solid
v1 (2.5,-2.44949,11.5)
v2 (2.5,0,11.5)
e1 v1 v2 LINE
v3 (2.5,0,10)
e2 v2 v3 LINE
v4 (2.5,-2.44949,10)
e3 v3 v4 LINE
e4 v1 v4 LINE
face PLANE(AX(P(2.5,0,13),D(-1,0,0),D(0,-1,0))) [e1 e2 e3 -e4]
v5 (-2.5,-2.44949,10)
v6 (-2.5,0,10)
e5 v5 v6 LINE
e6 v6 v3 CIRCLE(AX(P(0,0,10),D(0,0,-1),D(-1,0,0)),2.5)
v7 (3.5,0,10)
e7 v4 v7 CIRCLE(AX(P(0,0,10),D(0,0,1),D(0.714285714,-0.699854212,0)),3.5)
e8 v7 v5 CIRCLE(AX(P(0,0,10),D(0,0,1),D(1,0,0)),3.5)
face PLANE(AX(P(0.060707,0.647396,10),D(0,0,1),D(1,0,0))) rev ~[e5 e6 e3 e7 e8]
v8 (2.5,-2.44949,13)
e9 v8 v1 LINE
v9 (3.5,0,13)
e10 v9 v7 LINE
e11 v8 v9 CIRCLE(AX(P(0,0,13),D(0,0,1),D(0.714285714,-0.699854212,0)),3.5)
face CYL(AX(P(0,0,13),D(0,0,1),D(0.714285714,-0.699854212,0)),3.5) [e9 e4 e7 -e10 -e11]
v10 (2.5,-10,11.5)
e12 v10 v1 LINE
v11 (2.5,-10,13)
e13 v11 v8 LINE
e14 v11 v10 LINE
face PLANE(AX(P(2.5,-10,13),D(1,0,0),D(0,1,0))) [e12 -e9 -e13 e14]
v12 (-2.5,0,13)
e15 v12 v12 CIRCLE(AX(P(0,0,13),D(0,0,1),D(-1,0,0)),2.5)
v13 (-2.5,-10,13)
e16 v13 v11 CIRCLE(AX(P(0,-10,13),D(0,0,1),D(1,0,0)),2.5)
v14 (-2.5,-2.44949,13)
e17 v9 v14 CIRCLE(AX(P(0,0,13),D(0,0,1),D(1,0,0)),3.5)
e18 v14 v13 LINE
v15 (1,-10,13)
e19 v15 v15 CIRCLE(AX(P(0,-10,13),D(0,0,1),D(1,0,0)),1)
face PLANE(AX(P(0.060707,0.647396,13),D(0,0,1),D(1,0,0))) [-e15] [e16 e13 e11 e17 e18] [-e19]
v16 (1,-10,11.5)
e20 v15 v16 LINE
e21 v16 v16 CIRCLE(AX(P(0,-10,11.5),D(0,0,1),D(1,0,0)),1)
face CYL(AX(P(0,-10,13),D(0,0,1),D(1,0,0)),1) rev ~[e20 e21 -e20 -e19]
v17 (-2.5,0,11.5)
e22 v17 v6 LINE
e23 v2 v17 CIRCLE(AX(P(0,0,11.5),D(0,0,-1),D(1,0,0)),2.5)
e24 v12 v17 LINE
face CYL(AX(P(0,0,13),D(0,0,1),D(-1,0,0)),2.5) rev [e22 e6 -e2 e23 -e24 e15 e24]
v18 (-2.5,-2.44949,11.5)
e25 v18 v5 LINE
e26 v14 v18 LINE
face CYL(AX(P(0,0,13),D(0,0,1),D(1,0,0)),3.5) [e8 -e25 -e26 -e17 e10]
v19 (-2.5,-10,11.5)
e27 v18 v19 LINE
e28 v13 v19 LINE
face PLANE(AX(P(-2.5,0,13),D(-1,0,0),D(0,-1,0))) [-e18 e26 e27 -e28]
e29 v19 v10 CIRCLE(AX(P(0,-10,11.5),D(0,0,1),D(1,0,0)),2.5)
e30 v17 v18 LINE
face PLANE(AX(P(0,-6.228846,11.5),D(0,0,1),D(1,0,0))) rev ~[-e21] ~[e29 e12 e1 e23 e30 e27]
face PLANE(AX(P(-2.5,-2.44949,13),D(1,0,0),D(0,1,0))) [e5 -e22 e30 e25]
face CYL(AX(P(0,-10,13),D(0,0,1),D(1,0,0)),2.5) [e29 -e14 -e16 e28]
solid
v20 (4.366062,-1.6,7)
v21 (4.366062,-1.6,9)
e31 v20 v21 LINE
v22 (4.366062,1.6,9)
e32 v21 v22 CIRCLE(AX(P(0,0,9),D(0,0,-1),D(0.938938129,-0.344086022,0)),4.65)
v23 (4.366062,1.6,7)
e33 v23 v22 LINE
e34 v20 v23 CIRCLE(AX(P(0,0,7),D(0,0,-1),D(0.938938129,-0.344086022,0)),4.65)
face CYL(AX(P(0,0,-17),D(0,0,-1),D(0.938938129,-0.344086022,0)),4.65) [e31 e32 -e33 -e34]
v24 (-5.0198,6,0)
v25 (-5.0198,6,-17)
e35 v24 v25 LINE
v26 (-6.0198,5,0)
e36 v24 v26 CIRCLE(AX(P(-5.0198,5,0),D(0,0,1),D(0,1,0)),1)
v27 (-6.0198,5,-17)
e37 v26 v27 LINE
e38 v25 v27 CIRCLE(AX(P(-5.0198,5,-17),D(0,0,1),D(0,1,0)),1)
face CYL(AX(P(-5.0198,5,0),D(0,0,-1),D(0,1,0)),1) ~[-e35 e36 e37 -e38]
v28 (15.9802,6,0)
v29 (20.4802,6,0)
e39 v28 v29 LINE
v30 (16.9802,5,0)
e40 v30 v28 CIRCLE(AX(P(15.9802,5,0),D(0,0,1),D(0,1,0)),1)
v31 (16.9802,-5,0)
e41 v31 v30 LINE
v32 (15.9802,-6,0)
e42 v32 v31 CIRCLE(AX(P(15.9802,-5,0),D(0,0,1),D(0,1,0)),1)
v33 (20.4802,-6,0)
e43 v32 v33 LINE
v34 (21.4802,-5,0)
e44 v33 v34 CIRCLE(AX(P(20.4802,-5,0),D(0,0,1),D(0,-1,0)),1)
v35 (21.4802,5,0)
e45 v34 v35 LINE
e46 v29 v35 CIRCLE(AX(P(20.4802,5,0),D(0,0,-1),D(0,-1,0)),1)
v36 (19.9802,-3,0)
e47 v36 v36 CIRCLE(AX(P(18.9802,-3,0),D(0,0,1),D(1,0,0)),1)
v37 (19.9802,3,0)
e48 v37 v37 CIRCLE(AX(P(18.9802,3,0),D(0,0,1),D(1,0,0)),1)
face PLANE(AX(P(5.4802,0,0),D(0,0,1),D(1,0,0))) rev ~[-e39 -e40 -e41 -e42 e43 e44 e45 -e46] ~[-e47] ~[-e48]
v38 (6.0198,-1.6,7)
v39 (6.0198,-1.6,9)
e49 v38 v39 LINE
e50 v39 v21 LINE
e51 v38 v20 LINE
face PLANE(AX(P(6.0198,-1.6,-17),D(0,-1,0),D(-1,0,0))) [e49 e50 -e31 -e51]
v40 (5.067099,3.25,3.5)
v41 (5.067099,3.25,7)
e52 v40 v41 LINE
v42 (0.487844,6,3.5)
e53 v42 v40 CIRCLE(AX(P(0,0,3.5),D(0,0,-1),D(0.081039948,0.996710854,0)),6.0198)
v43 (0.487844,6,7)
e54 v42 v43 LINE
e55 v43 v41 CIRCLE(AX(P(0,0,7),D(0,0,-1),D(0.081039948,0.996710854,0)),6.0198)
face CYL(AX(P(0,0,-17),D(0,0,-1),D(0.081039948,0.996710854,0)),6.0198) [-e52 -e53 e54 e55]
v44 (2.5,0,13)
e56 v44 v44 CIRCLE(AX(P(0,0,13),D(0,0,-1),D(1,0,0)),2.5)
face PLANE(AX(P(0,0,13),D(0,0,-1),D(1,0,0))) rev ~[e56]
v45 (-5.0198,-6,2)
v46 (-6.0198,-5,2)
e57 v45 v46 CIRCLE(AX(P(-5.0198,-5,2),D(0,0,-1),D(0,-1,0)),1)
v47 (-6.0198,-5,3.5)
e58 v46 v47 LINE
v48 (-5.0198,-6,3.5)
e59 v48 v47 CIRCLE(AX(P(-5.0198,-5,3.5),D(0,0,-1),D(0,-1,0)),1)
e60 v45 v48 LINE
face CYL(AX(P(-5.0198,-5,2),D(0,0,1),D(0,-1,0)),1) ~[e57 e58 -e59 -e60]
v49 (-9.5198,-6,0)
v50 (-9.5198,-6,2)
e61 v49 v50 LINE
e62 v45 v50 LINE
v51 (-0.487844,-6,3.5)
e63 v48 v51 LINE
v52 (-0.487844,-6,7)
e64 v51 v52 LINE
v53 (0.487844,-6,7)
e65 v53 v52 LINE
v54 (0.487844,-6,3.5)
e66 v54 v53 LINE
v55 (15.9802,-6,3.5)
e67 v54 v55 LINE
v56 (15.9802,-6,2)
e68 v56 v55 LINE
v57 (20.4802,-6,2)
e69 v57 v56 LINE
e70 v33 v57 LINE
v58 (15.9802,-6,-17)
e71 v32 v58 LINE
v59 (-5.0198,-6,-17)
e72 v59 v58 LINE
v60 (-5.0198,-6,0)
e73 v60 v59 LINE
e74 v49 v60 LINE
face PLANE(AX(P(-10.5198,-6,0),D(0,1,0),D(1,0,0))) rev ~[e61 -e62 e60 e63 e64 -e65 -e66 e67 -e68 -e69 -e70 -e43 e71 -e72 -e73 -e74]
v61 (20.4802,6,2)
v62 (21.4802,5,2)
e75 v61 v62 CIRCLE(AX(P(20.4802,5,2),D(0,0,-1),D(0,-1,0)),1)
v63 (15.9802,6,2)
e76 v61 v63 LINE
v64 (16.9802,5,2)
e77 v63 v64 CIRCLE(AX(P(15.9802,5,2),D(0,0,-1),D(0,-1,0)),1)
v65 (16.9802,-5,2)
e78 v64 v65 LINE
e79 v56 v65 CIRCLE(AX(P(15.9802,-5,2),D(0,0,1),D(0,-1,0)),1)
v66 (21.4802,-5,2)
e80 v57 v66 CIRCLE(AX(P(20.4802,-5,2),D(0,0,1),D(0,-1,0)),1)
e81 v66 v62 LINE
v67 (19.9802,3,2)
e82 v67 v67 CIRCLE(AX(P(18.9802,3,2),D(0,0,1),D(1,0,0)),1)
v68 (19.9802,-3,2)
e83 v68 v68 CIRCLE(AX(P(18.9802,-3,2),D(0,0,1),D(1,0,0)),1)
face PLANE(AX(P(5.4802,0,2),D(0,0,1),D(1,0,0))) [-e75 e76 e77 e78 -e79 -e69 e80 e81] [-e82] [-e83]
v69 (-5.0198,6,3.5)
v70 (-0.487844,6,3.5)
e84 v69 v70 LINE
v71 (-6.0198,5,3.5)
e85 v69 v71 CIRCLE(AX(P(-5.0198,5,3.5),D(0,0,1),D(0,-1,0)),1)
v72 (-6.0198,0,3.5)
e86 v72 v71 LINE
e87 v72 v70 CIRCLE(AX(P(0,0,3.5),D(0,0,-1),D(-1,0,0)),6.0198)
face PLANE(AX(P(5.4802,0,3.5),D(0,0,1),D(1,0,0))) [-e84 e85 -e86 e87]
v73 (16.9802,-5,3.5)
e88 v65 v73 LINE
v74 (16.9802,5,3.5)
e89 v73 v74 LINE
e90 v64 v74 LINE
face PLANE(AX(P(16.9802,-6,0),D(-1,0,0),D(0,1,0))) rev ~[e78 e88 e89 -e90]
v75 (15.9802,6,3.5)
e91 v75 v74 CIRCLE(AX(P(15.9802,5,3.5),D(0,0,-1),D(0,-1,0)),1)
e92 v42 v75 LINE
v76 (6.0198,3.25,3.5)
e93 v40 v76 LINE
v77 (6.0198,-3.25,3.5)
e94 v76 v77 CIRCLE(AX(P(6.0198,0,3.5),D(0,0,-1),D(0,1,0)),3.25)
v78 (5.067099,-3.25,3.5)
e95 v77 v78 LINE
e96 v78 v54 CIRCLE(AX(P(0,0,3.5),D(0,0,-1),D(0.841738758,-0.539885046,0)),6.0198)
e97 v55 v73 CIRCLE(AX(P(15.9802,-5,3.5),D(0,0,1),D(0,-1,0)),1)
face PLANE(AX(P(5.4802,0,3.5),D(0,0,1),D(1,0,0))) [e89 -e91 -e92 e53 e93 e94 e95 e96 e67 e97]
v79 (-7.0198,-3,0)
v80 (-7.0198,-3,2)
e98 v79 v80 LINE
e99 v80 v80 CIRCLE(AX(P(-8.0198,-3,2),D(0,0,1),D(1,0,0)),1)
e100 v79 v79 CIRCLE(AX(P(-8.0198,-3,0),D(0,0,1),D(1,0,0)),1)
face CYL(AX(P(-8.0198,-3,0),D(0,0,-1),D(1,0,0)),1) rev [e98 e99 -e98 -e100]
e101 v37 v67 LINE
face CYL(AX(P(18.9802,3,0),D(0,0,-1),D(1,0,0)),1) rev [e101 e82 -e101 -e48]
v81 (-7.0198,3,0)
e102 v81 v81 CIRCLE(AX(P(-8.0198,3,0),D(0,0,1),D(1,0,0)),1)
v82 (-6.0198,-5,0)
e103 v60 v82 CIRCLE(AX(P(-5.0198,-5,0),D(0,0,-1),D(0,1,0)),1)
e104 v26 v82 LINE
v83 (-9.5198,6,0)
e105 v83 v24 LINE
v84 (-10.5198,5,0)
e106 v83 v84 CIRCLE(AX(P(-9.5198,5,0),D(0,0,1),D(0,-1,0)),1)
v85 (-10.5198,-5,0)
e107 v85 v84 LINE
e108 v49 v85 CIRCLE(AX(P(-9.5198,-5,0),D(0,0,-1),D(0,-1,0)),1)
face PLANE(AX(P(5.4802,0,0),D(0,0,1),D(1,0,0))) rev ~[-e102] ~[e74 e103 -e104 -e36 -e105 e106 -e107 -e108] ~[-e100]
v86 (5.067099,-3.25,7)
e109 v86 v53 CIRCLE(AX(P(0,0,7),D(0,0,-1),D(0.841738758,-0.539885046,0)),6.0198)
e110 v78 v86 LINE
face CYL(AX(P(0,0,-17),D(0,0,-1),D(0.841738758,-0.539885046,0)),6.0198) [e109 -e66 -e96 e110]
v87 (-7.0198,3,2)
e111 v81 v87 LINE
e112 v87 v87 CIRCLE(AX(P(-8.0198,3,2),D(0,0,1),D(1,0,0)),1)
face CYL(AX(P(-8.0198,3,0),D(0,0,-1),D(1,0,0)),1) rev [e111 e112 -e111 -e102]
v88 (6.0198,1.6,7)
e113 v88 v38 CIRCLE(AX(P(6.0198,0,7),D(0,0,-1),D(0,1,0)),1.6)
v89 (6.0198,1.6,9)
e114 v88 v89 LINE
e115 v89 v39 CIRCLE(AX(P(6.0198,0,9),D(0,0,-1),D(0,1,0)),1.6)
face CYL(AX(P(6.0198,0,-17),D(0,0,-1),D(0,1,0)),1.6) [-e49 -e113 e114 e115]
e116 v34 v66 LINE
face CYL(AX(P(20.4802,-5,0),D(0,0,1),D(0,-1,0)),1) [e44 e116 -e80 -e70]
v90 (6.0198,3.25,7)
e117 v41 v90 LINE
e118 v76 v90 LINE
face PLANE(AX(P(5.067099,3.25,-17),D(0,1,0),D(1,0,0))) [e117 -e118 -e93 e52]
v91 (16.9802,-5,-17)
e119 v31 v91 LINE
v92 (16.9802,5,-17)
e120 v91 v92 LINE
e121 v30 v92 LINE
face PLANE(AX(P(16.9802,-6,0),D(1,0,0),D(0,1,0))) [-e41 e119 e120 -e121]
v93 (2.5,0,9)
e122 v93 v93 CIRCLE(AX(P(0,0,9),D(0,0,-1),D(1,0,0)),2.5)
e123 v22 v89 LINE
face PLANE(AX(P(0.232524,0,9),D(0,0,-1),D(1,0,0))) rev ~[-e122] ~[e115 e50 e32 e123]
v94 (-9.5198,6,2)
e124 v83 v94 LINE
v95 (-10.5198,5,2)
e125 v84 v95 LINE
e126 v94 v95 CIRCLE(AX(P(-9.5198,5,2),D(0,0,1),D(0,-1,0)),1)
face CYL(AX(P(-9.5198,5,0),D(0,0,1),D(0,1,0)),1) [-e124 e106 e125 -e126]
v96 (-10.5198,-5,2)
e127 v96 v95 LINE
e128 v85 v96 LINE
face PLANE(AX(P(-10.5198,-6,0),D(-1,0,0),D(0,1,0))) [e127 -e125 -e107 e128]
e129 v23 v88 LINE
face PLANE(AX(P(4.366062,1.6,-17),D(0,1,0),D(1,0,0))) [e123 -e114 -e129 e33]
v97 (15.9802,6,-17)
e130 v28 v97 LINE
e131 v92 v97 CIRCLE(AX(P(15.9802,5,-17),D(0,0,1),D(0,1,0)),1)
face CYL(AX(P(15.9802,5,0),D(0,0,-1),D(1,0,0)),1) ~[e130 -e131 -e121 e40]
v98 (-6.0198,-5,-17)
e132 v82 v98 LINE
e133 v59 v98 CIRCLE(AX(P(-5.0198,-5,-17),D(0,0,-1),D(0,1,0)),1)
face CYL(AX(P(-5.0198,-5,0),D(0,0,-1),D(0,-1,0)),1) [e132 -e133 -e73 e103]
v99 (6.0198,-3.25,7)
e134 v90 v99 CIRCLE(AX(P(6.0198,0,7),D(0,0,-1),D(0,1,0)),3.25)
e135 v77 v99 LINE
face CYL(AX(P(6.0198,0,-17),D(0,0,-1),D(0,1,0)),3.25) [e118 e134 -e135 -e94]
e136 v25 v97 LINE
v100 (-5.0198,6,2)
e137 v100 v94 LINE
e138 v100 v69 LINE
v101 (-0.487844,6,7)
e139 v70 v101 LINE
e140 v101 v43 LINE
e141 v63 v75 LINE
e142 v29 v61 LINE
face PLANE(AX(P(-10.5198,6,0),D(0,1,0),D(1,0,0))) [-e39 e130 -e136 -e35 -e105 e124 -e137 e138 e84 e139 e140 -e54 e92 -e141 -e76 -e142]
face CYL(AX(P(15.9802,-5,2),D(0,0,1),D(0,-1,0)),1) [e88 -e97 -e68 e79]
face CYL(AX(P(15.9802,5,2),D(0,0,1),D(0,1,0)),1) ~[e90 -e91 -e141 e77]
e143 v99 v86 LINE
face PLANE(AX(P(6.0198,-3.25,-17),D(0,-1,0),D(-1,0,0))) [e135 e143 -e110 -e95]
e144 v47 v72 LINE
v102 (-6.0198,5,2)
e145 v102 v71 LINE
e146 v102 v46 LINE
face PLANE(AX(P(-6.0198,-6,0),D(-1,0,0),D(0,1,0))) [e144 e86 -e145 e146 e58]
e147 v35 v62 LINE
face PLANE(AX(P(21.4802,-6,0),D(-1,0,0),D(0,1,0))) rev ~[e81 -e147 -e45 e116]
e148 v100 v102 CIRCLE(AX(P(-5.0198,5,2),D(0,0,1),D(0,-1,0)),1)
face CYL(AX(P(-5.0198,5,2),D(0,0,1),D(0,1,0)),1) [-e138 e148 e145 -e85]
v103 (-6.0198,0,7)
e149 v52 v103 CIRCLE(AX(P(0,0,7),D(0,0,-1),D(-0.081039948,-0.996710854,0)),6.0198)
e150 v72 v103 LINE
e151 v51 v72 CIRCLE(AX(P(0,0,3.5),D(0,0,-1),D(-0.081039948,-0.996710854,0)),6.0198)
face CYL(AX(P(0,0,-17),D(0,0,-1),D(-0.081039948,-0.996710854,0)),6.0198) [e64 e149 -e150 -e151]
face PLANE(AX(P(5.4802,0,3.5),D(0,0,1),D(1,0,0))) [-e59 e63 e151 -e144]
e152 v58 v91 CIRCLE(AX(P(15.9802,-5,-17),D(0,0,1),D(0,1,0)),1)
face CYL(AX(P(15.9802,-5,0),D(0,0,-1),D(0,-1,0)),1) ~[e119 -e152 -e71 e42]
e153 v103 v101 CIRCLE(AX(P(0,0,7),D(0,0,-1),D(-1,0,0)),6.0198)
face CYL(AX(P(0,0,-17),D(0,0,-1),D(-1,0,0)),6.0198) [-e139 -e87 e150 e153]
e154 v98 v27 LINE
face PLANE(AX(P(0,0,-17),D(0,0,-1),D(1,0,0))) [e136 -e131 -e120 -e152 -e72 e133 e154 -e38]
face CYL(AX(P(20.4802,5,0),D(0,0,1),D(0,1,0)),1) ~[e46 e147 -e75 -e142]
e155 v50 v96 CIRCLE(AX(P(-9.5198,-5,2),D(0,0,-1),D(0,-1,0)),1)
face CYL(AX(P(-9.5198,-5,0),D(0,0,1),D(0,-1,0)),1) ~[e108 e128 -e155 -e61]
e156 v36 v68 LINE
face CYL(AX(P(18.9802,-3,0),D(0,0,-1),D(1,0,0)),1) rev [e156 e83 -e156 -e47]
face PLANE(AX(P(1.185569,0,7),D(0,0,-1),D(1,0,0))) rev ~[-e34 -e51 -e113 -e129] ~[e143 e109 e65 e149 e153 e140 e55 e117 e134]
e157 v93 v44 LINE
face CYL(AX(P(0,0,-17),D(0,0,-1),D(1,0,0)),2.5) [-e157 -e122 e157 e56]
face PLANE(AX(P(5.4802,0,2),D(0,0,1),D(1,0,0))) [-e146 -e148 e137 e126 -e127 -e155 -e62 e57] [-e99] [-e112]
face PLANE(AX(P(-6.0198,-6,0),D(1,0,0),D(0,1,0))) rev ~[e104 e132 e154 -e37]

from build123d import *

# Parameters (mm, degrees)
F0_W      = 23
F0_H      = 12
F1_DEPTH  = 17
F2_W      = 32
F2_H      = 12
F2_R      = 1
F3_DEPTH  = 2
F5_DEPTH  = 24
F6_DEPTH  = 26
F7_DEPTH  = 3.5
F8_R      = 1
F9_R      = 2.5
F10_DEPTH = 30
F11_R     = 1
F12_DEPTH = 1.5
F13_DEPTH = 3


with BuildPart() as f1:
    # F0 (on Top) → F1 (new body)
    with BuildSketch(Plane.XY):
        with Locations((5.4802, 0)):
            Rectangle(F0_W, F0_H)
    extrude(amount=-F1_DEPTH)

    # F2 (on face) → F3 (join)
    with BuildSketch(Plane.XY):
        with Locations((5.4802, 0)):
            Rectangle(F2_W, F2_H)
        with Locations((-8.0198, -3)):
            Circle(F2_R, mode=Mode.SUBTRACT)
        with Locations((18.9802, -3)):
            Circle(F2_R, mode=Mode.SUBTRACT)
        with Locations((-8.0198, 3)):
            Circle(F2_R, mode=Mode.SUBTRACT)
        with Locations((18.9802, 3)):
            Circle(F2_R, mode=Mode.SUBTRACT)
    extrude(amount=F3_DEPTH)

    # F4 (on face) → F5 (join)
    with BuildSketch(Plane(origin=(0, 0, -17), x_dir=(1, 0, 0), z_dir=(0, 0, -1))):
        with BuildLine():
            ThreePointArc((0.4878442784, -6), (3.0991891911, -5.1607187869), (5.0670989767, -3.25))
            Line((5.0670989767, -3.25), (6.0198, -3.25))
            ThreePointArc((6.0198, -3.25), (9.2698, 0), (6.0198, 3.25))
            Line((6.0198, 3.25), (5.0670989767, 3.25))
            ThreePointArc((5.0670989767, 3.25), (3.0991891911, 5.1607187869), (0.4878442784, 6))
            Line((0.4878442784, 6), (-0.4878442784, 6))
            ThreePointArc((-0.4878442784, 6), (-4.4257607836, 4.0805187815), (-6.0198, 0))
            ThreePointArc((-6.0198, 0), (-4.4257607836, -4.0805187815), (-0.4878442784, -6))
            Line((-0.4878442784, -6), (0.4878442784, -6))
        make_face()
        with BuildLine():
            Line((6.0198, -1.6), (5.8032742517, -1.6))
            Line((5.8032742517, -1.6), (4.3660622991, -1.6))
            ThreePointArc((4.3660622991, -1.6), (-4.65, 0), (4.3660622991, 1.6))
            Line((4.3660622991, 1.6), (6.0198, 1.6))
            ThreePointArc((6.0198, 1.6), (7.6198, 0), (6.0198, -1.6))
        make_face(mode=Mode.SUBTRACT)
        with BuildLine():
            ThreePointArc((4.3660622991, 1.6), (-4.65, 0), (4.3660622991, -1.6))
            ThreePointArc((4.3660622991, -1.6), (4.5784653374, -0.8124993258), (4.65, 0))
            ThreePointArc((4.65, 0), (4.5784653374, 0.8124993258), (4.3660622991, 1.6))
        make_face()
        with BuildLine():
            Line((4.3660622991, -1.6), (5.8032742517, -1.6))
            Line((5.8032742517, -1.6), (6.0198, -1.6))
            ThreePointArc((6.0198, -1.6), (7.6198, 0), (6.0198, 1.6))
            Line((6.0198, 1.6), (4.3660622991, 1.6))
            ThreePointArc((4.3660622991, 1.6), (4.5784653374, 0.8124993258), (4.65, 0))
            ThreePointArc((4.65, 0), (4.5784653374, -0.8124993258), (4.3660622991, -1.6))
        make_face()
    extrude(amount=-F5_DEPTH)

    # F4 (on face) → F6 (join)
    with BuildSketch(Plane(origin=(0, 0, -17), x_dir=(1, 0, 0), z_dir=(0, 0, -1))):
        with BuildLine():
            ThreePointArc((4.3660622991, 1.6), (-4.65, 0), (4.3660622991, -1.6))
            ThreePointArc((4.3660622991, -1.6), (4.5784653374, -0.8124993258), (4.65, 0))
            ThreePointArc((4.65, 0), (4.5784653374, 0.8124993258), (4.3660622991, 1.6))
        make_face()
        with BuildLine():
            Line((4.3660622991, -1.6), (5.8032742517, -1.6))
            Line((5.8032742517, -1.6), (6.0198, -1.6))
            ThreePointArc((6.0198, -1.6), (7.6198, 0), (6.0198, 1.6))
            Line((6.0198, 1.6), (4.3660622991, 1.6))
            ThreePointArc((4.3660622991, 1.6), (4.5784653374, 0.8124993258), (4.65, 0))
            ThreePointArc((4.65, 0), (4.5784653374, -0.8124993258), (4.3660622991, -1.6))
        make_face()
    extrude(amount=-F6_DEPTH)

    # F0 (on Top) → F7 (join)
    with BuildSketch(Plane.XY):
        with Locations((5.4802, 0)):
            Rectangle(F0_W, F0_H)
    extrude(amount=F7_DEPTH)

    # F8
    f8_edges = [f1.edges().sort_by_distance(p)[0] for p in [
        (16.9802, -6, -8.5),
        (16.9802, 6, -8.5),
        (-6.0198, -6, -8.5),
        (-6.0198, 6, -8.5),
        (-10.5198, -6, 1),
        (-10.5198, 6, 1),
        (21.4802, 6, 1),
        (21.4802, -6, 1),
        (16.9802, 6, 2.75),
        (16.9802, -6, 2.75),
        (-6.0198, 6, 2.75),
        (-6.0198, -6, 2.75),
    ]]
    fillet(f8_edges, radius=F8_R)

    # F9 (on face) → F10 (join)
    with BuildSketch(Plane(origin=(0, 0, -17), x_dir=(1, 0, 0), z_dir=(0, 0, -1))):
        Circle(F9_R)
    extrude(amount=-F10_DEPTH)


with BuildPart() as f12:
    # F11 (on face) → F12 (new body)
    with BuildSketch(Plane.XY.offset(13)):
        with BuildLine():
            ThreePointArc((-2.5, -10), (0, -7.5), (2.5, -10))
            Line((2.5, -10), (2.5, -2.4494897428))
            ThreePointArc((2.5, -2.4494897428), (0, -3.5), (-2.5, -2.4494897428))
            Line((-2.5, -2.4494897428), (-2.5, -10))
        make_face()
        with BuildLine():
            ThreePointArc((-2.5, -2.4494897428), (0, -3.5), (2.5, -2.4494897428))
            Line((2.5, -2.4494897428), (2.5, 0))
            ThreePointArc((2.5, 0), (0, -2.5), (-2.5, 0))
            Line((-2.5, 0), (-2.5, -2.4494897428))
        make_face()
        with BuildLine():
            ThreePointArc((-2.5, -10), (0, -12.5), (2.5, -10))
            ThreePointArc((2.5, -10), (0, -7.5), (-2.5, -10))
        make_face()
        with Locations((0, -10)):
            Circle(F11_R, mode=Mode.SUBTRACT)
    extrude(amount=-F12_DEPTH)

    # F11 (on face) → F13 (join)
    with BuildSketch(Plane.XY.offset(13)):
        with BuildLine():
            Line((2.5, 0), (2.5, -2.4494897428))
            ThreePointArc((2.5, -2.4494897428), (3.2403703492, -1.3228756555), (3.5, 0))
            ThreePointArc((3.5, 0), (-1.3228756555, 3.2403703492), (-2.5, -2.4494897428))
            Line((-2.5, -2.4494897428), (-2.5, 0))
            ThreePointArc((-2.5, 0), (0, 2.5), (2.5, 0))
        make_face()
    extrude(amount=-F13_DEPTH)


solid = Compound([f1.part, f12.part])
